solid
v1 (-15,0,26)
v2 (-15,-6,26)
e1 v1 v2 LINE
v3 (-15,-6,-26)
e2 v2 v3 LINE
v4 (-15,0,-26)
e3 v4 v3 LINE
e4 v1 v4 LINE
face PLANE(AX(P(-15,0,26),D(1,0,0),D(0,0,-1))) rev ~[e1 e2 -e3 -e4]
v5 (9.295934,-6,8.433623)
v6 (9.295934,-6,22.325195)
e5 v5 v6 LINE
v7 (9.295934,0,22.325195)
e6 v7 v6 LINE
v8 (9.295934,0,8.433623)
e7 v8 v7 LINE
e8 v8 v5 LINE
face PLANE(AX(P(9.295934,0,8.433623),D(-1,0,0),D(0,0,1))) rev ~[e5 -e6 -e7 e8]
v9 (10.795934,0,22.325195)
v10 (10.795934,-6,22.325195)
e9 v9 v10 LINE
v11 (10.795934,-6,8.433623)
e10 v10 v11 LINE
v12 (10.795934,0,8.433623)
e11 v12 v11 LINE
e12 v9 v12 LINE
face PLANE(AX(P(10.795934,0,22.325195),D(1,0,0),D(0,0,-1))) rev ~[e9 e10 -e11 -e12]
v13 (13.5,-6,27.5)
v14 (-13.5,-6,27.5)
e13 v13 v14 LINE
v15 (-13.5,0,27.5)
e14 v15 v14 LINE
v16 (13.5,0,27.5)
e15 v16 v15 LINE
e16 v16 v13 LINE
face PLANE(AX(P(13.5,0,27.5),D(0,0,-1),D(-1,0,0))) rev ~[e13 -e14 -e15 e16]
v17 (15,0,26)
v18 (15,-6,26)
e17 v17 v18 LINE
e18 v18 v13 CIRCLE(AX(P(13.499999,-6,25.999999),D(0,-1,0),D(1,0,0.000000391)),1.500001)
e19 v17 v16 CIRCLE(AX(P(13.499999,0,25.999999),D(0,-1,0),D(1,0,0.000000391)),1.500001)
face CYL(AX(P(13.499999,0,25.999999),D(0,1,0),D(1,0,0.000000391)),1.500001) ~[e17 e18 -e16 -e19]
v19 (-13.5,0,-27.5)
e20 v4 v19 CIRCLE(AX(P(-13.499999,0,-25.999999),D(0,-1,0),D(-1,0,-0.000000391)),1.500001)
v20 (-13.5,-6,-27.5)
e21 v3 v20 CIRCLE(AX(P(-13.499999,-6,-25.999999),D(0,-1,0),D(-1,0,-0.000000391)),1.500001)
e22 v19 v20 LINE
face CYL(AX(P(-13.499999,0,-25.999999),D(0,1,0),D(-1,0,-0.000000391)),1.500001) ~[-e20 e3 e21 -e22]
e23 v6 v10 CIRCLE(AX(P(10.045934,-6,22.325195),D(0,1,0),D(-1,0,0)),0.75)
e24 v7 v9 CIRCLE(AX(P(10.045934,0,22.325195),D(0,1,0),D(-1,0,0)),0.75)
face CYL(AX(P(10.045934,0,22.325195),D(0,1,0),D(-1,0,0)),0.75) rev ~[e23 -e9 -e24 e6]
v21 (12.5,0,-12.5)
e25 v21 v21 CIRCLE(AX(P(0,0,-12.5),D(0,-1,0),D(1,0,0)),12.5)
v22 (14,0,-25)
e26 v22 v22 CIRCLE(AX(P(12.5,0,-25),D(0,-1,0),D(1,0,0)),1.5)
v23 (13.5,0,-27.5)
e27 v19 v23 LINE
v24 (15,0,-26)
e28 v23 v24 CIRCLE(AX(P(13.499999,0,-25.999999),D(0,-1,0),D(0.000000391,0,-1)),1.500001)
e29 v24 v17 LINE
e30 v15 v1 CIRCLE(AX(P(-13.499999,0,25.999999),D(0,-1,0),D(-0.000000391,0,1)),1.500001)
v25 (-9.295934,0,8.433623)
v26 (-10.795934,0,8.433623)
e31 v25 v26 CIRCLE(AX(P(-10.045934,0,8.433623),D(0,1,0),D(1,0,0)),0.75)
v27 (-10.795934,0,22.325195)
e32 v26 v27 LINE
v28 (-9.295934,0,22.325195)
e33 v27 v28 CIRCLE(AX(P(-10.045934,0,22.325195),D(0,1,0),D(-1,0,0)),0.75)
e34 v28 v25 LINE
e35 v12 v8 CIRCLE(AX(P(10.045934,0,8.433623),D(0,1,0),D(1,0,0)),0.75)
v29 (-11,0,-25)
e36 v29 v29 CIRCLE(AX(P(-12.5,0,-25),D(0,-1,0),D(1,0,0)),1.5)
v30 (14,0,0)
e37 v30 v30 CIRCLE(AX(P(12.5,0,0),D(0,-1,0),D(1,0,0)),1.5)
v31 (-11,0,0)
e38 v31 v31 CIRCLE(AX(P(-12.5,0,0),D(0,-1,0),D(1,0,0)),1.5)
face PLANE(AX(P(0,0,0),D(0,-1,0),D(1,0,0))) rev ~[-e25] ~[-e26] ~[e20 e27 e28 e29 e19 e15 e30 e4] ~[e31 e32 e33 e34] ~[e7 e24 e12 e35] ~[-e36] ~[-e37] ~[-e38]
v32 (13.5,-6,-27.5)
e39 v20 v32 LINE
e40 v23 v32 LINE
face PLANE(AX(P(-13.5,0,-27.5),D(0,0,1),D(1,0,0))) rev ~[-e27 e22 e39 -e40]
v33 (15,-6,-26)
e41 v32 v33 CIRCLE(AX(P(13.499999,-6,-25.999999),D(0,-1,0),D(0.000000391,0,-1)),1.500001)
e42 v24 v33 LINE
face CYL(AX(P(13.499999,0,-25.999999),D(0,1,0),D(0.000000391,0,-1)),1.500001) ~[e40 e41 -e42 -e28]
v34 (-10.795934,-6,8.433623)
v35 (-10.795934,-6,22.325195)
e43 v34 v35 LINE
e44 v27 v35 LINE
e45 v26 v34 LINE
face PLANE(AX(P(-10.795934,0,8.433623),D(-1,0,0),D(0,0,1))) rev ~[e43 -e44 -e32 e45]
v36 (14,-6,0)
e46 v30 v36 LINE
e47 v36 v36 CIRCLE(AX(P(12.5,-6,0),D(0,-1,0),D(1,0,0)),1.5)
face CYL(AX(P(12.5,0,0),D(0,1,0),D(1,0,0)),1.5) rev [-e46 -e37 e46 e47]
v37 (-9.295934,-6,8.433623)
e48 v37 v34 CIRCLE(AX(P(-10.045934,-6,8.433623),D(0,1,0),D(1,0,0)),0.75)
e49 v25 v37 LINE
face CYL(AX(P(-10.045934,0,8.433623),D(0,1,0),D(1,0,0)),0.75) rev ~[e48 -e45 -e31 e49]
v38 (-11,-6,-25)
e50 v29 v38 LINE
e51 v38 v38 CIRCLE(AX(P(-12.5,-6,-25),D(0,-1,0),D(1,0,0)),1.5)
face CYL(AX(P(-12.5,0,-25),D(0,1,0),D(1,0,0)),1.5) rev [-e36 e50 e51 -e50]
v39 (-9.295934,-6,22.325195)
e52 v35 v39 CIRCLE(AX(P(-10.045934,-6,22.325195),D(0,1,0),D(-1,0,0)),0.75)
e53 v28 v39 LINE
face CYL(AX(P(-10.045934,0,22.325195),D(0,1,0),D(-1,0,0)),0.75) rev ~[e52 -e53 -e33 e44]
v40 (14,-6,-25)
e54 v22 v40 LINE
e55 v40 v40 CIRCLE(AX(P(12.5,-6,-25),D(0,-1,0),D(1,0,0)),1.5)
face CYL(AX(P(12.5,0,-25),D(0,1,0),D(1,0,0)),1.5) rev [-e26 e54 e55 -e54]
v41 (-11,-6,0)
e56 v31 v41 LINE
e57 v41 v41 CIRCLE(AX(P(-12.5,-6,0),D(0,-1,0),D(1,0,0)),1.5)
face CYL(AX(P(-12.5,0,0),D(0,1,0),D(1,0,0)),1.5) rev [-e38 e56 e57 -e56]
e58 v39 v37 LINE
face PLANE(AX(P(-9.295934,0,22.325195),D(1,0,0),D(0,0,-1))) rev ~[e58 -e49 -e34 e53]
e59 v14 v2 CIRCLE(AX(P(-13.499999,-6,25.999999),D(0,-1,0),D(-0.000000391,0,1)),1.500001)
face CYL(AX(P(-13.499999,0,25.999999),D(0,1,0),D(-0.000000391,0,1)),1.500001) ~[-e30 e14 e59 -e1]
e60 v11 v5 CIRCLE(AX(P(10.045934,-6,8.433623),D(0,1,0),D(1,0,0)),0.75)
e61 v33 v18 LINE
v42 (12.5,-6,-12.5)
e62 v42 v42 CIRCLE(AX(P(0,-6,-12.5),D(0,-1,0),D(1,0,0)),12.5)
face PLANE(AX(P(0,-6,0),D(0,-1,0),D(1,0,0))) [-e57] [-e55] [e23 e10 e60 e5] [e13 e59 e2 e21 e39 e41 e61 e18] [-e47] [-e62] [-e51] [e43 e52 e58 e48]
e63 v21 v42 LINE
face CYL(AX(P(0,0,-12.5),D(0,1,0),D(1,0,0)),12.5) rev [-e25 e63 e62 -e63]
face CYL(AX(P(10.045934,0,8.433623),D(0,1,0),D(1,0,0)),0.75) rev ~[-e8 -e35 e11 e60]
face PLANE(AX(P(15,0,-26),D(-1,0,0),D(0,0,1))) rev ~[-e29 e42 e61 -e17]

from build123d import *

# Parameters (mm, degrees)
F0_R     = 1.5
F0_R_2   = 12.5
F1_DEPTH = 6


with BuildPart() as f1:
    # F0 (on Front) → F1 (new body)
    with BuildSketch(Plane.XZ):
        with BuildLine():
            Line((-13.5, -27.5), (13.5, -27.5))
            ThreePointArc((13.5, -27.5), (14.56066, -27.06066), (15, -26))
            Line((15, -26), (15, 26))
            ThreePointArc((15, 26), (14.56066, 27.06066), (13.5, 27.5))
            Line((13.5, 27.5), (-13.5, 27.5))
            ThreePointArc((-13.5, 27.5), (-14.56066, 27.06066), (-15, 26))
            Line((-15, 26), (-15, -26))
            ThreePointArc((-15, -26), (-14.56066, -27.06066), (-13.5, -27.5))
        make_face()
        with Locations((-12.5, -25)):
            Circle(F0_R, mode=Mode.SUBTRACT)
        with Locations((12.5, -25)):
            Circle(F0_R, mode=Mode.SUBTRACT)
        with Locations((0, -12.5)):
            Circle(F0_R_2, mode=Mode.SUBTRACT)
        with Locations((-12.5, 0)):
            Circle(F0_R, mode=Mode.SUBTRACT)
        with BuildLine():
            Line((-9.295934, 22.325195), (-9.295934, 8.433623))
            ThreePointArc((-9.295934, 8.433623), (-10.045934, 7.683623), (-10.795934, 8.433623))
            Line((-10.795934, 8.433623), (-10.795934, 22.325195))
            ThreePointArc((-10.795934, 22.325195), (-10.045934, 23.075195), (-9.295934, 22.325195))
        make_face(mode=Mode.SUBTRACT)
        with Locations((12.5, 0)):
            Circle(F0_R, mode=Mode.SUBTRACT)
        with BuildLine():
            Line((10.795934, 22.325195), (10.795934, 8.433623))
            ThreePointArc((10.795934, 8.433623), (10.045934, 7.683623), (9.295934, 8.433623))
            Line((9.295934, 8.433623), (9.295934, 22.325195))
            ThreePointArc((9.295934, 22.325195), (10.045934, 23.075195), (10.795934, 22.325195))
        make_face(mode=Mode.SUBTRACT)
    extrude(amount=F1_DEPTH)


solid = f1.part
